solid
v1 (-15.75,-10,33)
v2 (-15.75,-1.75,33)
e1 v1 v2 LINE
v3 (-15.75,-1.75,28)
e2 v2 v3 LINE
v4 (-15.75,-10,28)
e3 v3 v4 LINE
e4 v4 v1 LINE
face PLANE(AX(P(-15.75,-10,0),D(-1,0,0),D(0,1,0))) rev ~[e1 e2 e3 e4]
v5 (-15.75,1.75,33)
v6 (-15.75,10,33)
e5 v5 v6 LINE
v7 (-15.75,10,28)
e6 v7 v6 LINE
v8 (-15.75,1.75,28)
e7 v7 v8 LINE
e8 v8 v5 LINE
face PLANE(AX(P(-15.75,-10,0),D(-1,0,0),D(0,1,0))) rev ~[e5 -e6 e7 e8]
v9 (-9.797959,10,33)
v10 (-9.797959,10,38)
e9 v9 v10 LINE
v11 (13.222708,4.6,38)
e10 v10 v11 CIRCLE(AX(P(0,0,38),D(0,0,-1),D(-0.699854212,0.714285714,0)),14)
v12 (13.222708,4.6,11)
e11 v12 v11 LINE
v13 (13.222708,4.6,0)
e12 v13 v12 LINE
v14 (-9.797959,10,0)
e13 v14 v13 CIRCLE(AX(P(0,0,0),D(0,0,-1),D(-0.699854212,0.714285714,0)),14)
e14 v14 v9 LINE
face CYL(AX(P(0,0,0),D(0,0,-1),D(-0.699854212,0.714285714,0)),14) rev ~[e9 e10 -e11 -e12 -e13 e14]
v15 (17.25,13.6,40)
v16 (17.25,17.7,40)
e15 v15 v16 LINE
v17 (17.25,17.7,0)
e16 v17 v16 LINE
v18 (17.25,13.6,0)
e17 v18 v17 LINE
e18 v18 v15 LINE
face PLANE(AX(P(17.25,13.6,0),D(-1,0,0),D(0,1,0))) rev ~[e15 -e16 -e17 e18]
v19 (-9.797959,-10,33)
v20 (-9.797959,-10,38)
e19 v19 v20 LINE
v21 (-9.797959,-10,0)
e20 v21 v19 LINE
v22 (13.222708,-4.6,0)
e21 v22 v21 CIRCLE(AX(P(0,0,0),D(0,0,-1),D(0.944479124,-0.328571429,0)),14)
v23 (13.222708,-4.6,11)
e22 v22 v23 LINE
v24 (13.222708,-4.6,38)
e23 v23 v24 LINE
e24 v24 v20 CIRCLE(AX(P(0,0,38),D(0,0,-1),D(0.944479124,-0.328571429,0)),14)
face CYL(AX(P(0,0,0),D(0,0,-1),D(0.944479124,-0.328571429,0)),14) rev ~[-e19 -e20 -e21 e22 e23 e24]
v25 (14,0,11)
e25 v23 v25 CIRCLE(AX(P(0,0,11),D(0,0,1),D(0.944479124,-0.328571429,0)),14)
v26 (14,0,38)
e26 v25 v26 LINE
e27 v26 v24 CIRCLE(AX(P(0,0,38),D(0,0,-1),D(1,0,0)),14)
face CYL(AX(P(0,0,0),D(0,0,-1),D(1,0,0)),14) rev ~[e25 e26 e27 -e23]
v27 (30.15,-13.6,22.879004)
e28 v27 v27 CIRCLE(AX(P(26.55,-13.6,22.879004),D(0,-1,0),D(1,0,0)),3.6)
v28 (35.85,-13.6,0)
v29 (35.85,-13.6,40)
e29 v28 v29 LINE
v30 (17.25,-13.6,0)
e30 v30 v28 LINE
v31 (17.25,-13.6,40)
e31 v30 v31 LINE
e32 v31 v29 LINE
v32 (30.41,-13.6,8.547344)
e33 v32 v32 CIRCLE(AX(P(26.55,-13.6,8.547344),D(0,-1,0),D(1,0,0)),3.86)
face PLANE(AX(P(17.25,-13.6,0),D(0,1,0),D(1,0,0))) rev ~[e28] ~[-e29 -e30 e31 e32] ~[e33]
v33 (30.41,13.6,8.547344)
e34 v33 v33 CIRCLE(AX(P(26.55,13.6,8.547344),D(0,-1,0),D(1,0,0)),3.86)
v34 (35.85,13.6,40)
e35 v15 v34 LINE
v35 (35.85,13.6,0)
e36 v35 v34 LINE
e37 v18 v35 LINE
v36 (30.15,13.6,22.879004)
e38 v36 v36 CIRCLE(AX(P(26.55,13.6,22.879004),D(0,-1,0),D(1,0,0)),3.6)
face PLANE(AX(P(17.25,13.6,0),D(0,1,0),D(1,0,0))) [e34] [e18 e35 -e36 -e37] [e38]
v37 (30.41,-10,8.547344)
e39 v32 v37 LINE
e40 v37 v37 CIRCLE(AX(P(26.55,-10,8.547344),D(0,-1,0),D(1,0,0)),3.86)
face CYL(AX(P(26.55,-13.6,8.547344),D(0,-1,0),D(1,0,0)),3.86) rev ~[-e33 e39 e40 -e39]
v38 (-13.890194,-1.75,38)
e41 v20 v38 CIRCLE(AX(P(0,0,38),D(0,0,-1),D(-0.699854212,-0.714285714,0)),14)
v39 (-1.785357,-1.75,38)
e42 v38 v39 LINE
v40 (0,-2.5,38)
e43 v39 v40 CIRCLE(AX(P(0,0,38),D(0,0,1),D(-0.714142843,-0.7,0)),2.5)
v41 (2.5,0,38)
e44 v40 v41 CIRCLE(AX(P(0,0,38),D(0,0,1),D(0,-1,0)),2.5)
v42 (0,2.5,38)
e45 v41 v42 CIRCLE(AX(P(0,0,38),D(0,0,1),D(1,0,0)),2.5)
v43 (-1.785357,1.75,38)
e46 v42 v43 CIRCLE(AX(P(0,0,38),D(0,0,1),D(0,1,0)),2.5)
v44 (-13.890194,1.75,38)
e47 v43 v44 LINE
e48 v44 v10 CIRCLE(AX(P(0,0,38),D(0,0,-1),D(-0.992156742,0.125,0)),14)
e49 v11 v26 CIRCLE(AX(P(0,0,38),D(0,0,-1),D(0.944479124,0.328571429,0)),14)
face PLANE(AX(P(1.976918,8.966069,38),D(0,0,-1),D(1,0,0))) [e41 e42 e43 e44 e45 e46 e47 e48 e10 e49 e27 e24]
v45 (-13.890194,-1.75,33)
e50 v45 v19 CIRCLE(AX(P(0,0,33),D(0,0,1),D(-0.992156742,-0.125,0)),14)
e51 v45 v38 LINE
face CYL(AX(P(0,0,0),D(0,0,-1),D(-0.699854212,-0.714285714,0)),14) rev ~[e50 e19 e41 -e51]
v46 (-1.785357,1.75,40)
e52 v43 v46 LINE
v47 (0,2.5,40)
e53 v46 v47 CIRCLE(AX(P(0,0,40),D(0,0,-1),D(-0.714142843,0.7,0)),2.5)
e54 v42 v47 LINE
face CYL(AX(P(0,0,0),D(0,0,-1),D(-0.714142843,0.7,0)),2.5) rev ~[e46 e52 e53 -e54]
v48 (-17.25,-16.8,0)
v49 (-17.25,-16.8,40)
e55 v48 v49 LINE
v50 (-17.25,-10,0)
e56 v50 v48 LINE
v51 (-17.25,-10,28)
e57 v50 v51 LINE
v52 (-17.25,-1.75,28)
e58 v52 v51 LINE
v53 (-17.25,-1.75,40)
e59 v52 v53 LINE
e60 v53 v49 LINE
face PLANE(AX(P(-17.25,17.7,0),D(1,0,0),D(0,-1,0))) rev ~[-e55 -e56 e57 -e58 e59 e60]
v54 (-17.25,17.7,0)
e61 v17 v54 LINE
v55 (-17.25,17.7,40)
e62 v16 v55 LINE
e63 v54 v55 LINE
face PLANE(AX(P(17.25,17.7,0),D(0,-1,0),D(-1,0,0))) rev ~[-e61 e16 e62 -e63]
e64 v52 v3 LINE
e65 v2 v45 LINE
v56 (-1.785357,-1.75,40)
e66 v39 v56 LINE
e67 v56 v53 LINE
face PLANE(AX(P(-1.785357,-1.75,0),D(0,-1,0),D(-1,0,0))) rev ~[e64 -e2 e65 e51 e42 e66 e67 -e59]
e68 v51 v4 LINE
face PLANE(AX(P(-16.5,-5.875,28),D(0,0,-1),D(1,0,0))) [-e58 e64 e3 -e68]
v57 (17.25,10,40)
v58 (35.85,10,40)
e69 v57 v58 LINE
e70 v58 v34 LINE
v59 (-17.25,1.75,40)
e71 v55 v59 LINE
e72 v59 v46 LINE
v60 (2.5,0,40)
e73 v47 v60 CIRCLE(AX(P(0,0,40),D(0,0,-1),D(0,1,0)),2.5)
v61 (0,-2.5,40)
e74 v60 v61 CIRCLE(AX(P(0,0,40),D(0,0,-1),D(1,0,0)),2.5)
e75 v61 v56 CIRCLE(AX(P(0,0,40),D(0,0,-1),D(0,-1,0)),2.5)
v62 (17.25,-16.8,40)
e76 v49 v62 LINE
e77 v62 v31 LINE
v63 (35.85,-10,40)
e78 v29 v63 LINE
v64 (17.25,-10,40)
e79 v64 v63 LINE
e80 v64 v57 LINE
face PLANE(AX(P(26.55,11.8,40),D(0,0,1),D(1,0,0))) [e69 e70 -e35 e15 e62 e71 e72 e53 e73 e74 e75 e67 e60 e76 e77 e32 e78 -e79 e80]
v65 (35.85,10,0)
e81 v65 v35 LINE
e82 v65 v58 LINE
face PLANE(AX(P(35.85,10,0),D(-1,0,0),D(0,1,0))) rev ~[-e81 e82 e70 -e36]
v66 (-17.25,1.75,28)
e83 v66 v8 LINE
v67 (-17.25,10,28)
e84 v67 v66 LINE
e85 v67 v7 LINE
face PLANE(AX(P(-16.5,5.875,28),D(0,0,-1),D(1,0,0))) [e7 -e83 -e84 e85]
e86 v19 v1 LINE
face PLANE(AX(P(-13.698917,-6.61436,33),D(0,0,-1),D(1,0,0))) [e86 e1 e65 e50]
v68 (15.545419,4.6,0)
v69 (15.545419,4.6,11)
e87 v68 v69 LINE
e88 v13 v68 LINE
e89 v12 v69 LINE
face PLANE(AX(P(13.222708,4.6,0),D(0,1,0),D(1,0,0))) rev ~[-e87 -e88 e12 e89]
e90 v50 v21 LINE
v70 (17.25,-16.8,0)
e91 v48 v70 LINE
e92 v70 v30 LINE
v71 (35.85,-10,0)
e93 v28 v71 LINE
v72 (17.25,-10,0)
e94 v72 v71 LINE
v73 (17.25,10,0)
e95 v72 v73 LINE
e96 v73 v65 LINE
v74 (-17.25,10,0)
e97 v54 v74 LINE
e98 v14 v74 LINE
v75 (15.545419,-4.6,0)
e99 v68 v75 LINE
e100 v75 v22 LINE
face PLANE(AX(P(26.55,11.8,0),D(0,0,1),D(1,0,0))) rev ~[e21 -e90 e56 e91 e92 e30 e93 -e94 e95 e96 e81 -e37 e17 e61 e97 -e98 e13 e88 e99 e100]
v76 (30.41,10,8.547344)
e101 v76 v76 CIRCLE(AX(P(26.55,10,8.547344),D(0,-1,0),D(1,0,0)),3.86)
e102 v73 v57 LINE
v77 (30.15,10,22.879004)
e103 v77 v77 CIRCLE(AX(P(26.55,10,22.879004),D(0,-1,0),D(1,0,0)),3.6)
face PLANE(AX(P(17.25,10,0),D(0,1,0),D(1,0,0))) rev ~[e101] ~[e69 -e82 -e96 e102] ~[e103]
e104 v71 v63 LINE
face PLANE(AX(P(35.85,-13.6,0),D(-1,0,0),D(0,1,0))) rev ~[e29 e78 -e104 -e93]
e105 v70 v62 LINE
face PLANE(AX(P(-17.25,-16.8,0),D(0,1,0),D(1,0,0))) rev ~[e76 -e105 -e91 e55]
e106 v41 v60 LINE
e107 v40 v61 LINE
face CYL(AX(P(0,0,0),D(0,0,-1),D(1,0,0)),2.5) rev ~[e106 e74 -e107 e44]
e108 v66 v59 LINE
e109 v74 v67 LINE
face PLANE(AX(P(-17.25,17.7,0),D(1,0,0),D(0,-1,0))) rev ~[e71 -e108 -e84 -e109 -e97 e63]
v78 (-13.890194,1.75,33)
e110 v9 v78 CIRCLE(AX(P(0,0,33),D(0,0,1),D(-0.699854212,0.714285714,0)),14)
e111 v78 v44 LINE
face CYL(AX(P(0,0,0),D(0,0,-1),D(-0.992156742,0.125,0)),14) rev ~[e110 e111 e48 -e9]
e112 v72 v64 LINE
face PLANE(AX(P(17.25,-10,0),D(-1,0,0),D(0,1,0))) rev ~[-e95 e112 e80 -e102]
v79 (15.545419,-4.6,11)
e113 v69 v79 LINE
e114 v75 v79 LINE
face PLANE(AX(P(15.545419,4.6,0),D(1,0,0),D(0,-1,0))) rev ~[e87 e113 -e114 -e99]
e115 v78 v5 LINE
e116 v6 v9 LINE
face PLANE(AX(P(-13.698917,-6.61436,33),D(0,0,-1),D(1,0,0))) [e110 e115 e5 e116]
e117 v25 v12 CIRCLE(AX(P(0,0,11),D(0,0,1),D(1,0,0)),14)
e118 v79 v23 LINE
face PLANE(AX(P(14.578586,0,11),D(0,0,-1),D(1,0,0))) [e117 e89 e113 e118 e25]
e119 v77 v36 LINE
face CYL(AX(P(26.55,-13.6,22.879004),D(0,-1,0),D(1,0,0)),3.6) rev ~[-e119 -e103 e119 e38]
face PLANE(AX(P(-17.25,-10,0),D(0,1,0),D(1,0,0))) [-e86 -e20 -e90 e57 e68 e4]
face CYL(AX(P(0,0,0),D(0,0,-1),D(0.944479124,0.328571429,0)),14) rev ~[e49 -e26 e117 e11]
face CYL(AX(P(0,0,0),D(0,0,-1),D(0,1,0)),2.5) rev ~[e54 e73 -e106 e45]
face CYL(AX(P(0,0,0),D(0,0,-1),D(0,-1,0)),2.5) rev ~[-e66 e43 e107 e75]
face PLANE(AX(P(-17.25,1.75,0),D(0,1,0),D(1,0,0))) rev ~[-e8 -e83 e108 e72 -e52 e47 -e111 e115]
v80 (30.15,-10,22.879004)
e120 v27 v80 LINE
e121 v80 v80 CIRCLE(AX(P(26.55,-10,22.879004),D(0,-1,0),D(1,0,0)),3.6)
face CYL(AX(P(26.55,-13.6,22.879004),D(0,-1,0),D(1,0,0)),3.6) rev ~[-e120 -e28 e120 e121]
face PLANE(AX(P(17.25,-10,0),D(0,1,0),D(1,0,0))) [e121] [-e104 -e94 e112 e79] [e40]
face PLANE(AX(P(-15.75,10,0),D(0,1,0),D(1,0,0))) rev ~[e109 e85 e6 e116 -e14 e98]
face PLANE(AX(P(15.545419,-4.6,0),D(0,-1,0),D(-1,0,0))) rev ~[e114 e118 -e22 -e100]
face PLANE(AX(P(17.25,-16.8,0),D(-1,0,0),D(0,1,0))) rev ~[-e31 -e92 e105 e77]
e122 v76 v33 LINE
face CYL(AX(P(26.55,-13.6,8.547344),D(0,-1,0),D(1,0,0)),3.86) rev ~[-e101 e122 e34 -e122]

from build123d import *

# Parameters (mm, degrees)
F0_W      = 18.6
F0_H      = 3.6
F1_DEPTH  = 40
F2_W      = 1.5
F2_H      = 3.5
F3_DEPTH  = 40
F4_DEPTH  = 38
F5_DEPTH  = 11
F6_DEPTH  = 33
F2_H_2    = 8.25
F7_DEPTH  = 28
F8_R      = 3.86
F9_DEPTH  = 40000
F8_R_2    = 3.6
F10_DEPTH = 30


with BuildPart() as f1:
    # F0 (on Top) → F1 (new body)
    with BuildSketch(Plane.XY):
        with Locations((26.55, 11.8)):
            Rectangle(F0_W, F0_H)
        Polygon((17.25, 17.7), (-17.25, 17.7), (-17.25, -16.8), (17.25, -16.8), (17.25, -13.6), (17.25, -10), (17.25, 10), (17.25, 13.6), align=None)
        with Locations((26.55, -11.8)):
            Rectangle(F0_W, F0_H)
    extrude(amount=F1_DEPTH)

    # F2 (on face) → F3 (cut, through all)
    with BuildSketch(Plane(origin=(0, 0, 0), x_dir=(1, 0, 0), z_dir=(0, 0, -1))):
        with BuildLine():
            ThreePointArc((2.5, 0), (1.767766953, 1.767766953), (0, 2.5))
            Line((0, 2.5), (0, 1.75))
            Line((0, 1.75), (0, -1.75))
            Line((0, -1.75), (0, -2.5))
            ThreePointArc((0, -2.5), (1.767766953, -1.767766953), (2.5, 0))
        make_face()
        with BuildLine():
            Line((0, 1.75), (0, 2.5))
            ThreePointArc((0, 2.5), (-0.9682458366, 2.3048861143), (-1.7853571071, 1.75))
            Line((-1.7853571071, 1.75), (0, 1.75))
        make_face()
        with BuildLine():
            ThreePointArc((-1.7853571071, -1.75), (-0.9682458366, -2.3048861143), (0, -2.5))
            Line((0, -2.5), (0, -1.75))
            Line((0, -1.75), (-1.7853571071, -1.75))
        make_face()
        with BuildLine():
            Line((0, 1.75), (-1.7853571071, 1.75))
            ThreePointArc((-1.7853571071, 1.75), (-2.5, 0), (-1.7853571071, -1.75))
            Line((-1.7853571071, -1.75), (0, -1.75))
            Line((0, -1.75), (0, 1.75))
        make_face()
        with BuildLine():
            Line((-1.7853571071, 1.75), (-13.8901943831, 1.75))
            ThreePointArc((-13.8901943831, 1.75), (-14, 0), (-13.8901943831, -1.75))
            Line((-13.8901943831, -1.75), (-1.7853571071, -1.75))
            ThreePointArc((-1.7853571071, -1.75), (-2.5, 0), (-1.7853571071, 1.75))
        make_face()
        with BuildLine():
            ThreePointArc((-13.8901943831, -1.75), (-14, 0), (-13.8901943831, 1.75))
            Line((-13.8901943831, 1.75), (-15.75, 1.75))
            Line((-15.75, 1.75), (-15.75, -1.75))
            Line((-15.75, -1.75), (-13.8901943831, -1.75))
        make_face()
        with Locations((-16.5, 0)):
            Rectangle(F2_W, F2_H)
    extrude(amount=-F3_DEPTH, mode=Mode.SUBTRACT)

    # F2 (on face) → F4 (cut)
    with BuildSketch(Plane(origin=(0, 0, 0), x_dir=(1, 0, 0), z_dir=(0, 0, -1))):
        with BuildLine():
            ThreePointArc((-9.7979589711, -10), (3.1972216116, -13.6300320603), (13.2227077409, -4.6))
            Line((13.2227077409, -4.6), (0, -4.6))
            Line((0, -4.6), (0, -10))
            Line((0, -10), (-9.7979589711, -10))
        make_face()
        with BuildLine():
            Line((-1.7853571071, 1.75), (-13.8901943831, 1.75))
            ThreePointArc((-13.8901943831, 1.75), (-14, 0), (-13.8901943831, -1.75))
            Line((-13.8901943831, -1.75), (-1.7853571071, -1.75))
            ThreePointArc((-1.7853571071, -1.75), (-2.5, 0), (-1.7853571071, 1.75))
        make_face()
        with BuildLine():
            ThreePointArc((-13.8901943831, -1.75), (-12.5418410663, -6.2211110476), (-9.7979589711, -10))
            Line((-9.7979589711, -10), (0, -10))
            Line((0, -10), (0, -4.6))
            Line((0, -4.6), (0, -2.5))
            ThreePointArc((0, -2.5), (-0.9682458366, -2.3048861143), (-1.7853571071, -1.75))
            Line((-1.7853571071, -1.75), (-13.8901943831, -1.75))
        make_face()
        with BuildLine():
            Line((0, 10), (-9.7979589711, 10))
            ThreePointArc((-9.7979589711, 10), (-12.5418410663, 6.2211110476), (-13.8901943831, 1.75))
            Line((-13.8901943831, 1.75), (-1.7853571071, 1.75))
            ThreePointArc((-1.7853571071, 1.75), (-0.9682458366, 2.3048861143), (0, 2.5))
            Line((0, 2.5), (0, 4.6))
            Line((0, 4.6), (0, 10))
        make_face()
        with BuildLine():
            Line((0, 4.6), (13.2227077409, 4.6))
            ThreePointArc((13.2227077409, 4.6), (3.1972216116, 13.6300320603), (-9.7979589711, 10))
            Line((-9.7979589711, 10), (0, 10))
            Line((0, 10), (0, 4.6))
        make_face()
        with BuildLine():
            ThreePointArc((13.2227077409, -4.6), (13.8043092615, -2.3326049417), (14, 0))
            ThreePointArc((14, 0), (13.8043092615, 2.3326049417), (13.2227077409, 4.6))
            Line((13.2227077409, 4.6), (0, 4.6))
            Line((0, 4.6), (0, 2.5))
            ThreePointArc((0, 2.5), (1.767766953, 1.767766953), (2.5, 0))
            ThreePointArc((2.5, 0), (1.767766953, -1.767766953), (0, -2.5))
            Line((0, -2.5), (0, -4.6))
            Line((0, -4.6), (13.2227077409, -4.6))
        make_face()
    extrude(amount=-F4_DEPTH, mode=Mode.SUBTRACT)

    # F2 (on face) → F5 (cut)
    with BuildSketch(Plane(origin=(0, 0, 0), x_dir=(1, 0, 0), z_dir=(0, 0, -1))):
        with BuildLine():
            ThreePointArc((13.2227077409, 4.6), (13.8043092615, 2.3326049417), (14, 0))
            ThreePointArc((14, 0), (13.8043092615, -2.3326049417), (13.2227077409, -4.6))
            Line((13.2227077409, -4.6), (15.5454194173, -4.6))
            Line((15.5454194173, -4.6), (15.5454194173, 4.6))
            Line((15.5454194173, 4.6), (13.2227077409, 4.6))
        make_face()
    extrude(amount=-F5_DEPTH, mode=Mode.SUBTRACT)

    # F2 (on face) → F6 (cut)
    with BuildSketch(Plane(origin=(0, 0, 0), x_dir=(1, 0, 0), z_dir=(0, 0, -1))):
        with BuildLine():
            ThreePointArc((-13.8901943831, 1.75), (-12.5418410663, 6.2211110476), (-9.7979589711, 10))
            Line((-9.7979589711, 10), (-15.75, 10))
            Line((-15.75, 10), (-15.75, 1.75))
            Line((-15.75, 1.75), (-13.8901943831, 1.75))
        make_face()
        with BuildLine():
            ThreePointArc((-13.8901943831, -1.75), (-14, 0), (-13.8901943831, 1.75))
            Line((-13.8901943831, 1.75), (-15.75, 1.75))
            Line((-15.75, 1.75), (-15.75, -1.75))
            Line((-15.75, -1.75), (-13.8901943831, -1.75))
        make_face()
        with BuildLine():
            Line((-15.75, -10), (-9.7979589711, -10))
            ThreePointArc((-9.7979589711, -10), (-12.5418410663, -6.2211110476), (-13.8901943831, -1.75))
            Line((-13.8901943831, -1.75), (-15.75, -1.75))
            Line((-15.75, -1.75), (-15.75, -10))
        make_face()
    extrude(amount=-F6_DEPTH, mode=Mode.SUBTRACT)

    # F2 (on face) → F7 (cut)
    with BuildSketch(Plane(origin=(0, 0, 0), x_dir=(1, 0, 0), z_dir=(0, 0, -1))):
        with Locations((-16.5, 5.875)):
            Rectangle(F2_W, F2_H_2)
        with Locations((-16.5, -5.875)):
            Rectangle(F2_W, F2_H_2)
    extrude(amount=-F7_DEPTH, mode=Mode.SUBTRACT)

    # F8 (on face) → F9 (cut)
    with BuildSketch(Plane.XZ.offset(13.6)):
        with Locations((26.55, 8.547344245)):
            Circle(F8_R)
    extrude(amount=-F9_DEPTH, mode=Mode.SUBTRACT)

    # F8 (on face) → F10 (cut)
    with BuildSketch(Plane.XZ.offset(13.6)):
        with Locations((26.55, 22.8790044785)):
            Circle(F8_R_2)
    extrude(amount=-F10_DEPTH, mode=Mode.SUBTRACT)


solid = f1.part
